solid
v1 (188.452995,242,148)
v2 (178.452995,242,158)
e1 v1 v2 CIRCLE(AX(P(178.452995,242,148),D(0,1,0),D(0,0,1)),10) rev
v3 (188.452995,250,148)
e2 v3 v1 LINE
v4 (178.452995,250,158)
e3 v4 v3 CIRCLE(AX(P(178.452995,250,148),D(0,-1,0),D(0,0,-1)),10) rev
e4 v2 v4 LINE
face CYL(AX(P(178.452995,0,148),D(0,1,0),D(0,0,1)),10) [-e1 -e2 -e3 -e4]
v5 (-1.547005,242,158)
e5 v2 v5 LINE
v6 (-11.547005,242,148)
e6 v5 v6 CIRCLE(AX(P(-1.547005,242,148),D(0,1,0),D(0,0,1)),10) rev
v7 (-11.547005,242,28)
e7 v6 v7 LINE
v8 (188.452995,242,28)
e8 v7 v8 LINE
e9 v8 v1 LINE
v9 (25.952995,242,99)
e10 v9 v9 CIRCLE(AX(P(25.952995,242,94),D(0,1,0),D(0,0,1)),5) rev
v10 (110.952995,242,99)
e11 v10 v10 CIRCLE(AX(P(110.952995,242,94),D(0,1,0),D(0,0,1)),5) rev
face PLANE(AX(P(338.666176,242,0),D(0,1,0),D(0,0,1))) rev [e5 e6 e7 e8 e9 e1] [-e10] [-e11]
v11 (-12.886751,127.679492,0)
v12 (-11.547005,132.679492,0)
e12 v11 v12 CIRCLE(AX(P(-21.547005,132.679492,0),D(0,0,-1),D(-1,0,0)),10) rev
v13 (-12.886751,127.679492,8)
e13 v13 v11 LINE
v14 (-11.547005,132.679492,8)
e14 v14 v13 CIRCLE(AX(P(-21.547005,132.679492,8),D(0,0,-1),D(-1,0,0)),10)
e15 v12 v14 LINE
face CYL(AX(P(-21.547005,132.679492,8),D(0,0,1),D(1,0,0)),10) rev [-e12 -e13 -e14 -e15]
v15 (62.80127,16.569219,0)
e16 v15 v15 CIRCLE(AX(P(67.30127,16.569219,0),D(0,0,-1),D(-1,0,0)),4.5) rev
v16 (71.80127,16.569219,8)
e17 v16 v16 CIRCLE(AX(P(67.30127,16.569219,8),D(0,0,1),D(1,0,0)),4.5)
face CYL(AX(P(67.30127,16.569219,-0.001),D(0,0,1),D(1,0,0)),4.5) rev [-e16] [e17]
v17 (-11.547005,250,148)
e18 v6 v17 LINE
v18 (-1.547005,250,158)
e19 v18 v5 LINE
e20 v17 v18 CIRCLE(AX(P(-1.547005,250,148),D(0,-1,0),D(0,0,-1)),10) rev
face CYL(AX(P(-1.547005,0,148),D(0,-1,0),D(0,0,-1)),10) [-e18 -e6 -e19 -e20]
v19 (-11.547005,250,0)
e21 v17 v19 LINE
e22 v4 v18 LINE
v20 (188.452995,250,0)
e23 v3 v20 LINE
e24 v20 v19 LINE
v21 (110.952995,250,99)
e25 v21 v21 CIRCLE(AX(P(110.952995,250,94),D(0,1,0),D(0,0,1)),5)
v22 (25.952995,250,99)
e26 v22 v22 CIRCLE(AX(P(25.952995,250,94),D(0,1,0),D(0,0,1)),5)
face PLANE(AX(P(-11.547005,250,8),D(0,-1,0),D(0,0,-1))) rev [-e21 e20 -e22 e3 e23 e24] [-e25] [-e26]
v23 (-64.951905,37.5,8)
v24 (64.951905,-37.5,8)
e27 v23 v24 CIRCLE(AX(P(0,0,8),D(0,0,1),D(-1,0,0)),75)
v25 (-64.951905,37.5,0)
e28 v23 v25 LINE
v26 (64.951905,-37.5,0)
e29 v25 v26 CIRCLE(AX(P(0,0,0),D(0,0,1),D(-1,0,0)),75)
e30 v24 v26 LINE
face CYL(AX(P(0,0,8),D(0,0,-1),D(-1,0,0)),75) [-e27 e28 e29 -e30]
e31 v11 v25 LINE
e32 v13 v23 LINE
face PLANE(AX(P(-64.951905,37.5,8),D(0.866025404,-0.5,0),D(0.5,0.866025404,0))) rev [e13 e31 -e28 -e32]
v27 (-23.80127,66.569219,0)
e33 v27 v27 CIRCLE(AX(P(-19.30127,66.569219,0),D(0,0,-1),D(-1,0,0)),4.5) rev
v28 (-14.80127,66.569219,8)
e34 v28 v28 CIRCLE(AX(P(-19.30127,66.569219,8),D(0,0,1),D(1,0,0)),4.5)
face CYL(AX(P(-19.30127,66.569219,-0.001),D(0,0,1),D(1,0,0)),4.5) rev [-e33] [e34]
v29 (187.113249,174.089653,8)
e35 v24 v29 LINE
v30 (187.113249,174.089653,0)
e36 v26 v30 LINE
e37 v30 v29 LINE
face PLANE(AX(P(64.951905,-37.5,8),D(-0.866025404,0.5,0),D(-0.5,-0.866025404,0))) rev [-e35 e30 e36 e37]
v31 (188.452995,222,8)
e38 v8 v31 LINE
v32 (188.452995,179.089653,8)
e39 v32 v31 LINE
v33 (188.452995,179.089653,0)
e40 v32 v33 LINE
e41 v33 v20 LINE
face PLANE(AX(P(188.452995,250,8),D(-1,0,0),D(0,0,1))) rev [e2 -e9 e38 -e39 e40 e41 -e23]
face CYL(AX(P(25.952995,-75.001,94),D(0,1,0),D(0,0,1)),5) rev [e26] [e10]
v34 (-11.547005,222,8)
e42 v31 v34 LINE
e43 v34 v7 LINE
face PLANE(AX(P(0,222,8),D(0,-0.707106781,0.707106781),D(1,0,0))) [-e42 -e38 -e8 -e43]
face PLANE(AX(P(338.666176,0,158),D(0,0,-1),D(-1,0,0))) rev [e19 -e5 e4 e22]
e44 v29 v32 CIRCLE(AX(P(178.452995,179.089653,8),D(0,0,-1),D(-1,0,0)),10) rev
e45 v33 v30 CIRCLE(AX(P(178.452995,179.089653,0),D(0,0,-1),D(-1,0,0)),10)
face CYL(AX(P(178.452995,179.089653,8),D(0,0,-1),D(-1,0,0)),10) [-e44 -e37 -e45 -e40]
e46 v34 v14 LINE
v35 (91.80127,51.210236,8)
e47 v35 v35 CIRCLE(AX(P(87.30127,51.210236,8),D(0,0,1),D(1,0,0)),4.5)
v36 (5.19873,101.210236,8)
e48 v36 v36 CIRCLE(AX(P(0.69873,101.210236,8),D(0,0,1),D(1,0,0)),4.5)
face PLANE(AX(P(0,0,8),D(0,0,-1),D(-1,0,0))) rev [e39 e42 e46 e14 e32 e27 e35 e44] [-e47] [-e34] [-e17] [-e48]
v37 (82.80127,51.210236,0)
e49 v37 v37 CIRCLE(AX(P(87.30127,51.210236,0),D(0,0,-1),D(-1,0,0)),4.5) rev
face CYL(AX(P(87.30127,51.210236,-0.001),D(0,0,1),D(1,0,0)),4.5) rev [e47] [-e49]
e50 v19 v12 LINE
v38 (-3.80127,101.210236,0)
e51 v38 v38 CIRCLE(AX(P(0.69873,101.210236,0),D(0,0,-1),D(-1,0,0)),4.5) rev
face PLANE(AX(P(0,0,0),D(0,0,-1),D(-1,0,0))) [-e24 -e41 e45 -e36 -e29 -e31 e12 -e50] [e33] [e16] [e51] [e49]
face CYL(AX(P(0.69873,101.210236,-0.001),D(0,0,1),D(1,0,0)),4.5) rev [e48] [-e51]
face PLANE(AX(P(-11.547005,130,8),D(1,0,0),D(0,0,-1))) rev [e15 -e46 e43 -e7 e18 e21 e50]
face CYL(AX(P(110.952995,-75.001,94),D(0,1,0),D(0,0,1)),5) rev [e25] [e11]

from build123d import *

# Parameters (mm, degrees)
BOSS_EXTRUDE1_DEPTH = 8
SKETCH4_W           = 150
SKETCH4_H           = 8
BOSS_EXTRUDE2_DEPTH = 200
CHAMFER1_SIZE       = 20
CUT_EXTRUDE1_REACH  = 327
SKETCH5_R           = 5
CUT_EXTRUDE2_REACH  = 10
SKETCH6_R           = 4.5
FILLET1_R           = 10


with BuildPart() as part:
    # Sketch1 → Boss-Extrude1 (new body)
    with BuildSketch(Plane.XY):
        with BuildLine():
            Line((-64.951905284, 37.5), (-11.547005384, 130))
            Line((-11.547005384, 130), (-11.547005384, 250))
            Line((-11.547005384, 250), (188.452994616, 250))
            Line((188.452994616, 250), (188.452994616, 176.410161514))
            Line((188.452994616, 176.410161514), (64.951905284, -37.5))
            ThreePointArc((64.951905284, -37.5), (-37.5, -64.951905284), (-64.951905284, 37.5))
        make_face()
    extrude(amount=BOSS_EXTRUDE1_DEPTH)

    # Sketch4 → Boss-Extrude2 (add)
    with BuildSketch(Plane.ZY.offset(11.547005384)):
        with Locations((83, 246)):
            Rectangle(SKETCH4_W, SKETCH4_H)
    extrude(amount=-BOSS_EXTRUDE2_DEPTH)

    # Chamfer1
    chamfer1_edges = [part.edges().sort_by_distance(p)[0] for p in [
        (88.452994616, 242, 8),
    ]]
    chamfer(chamfer1_edges, length=CHAMFER1_SIZE)

    # Sketch5 → Cut-Extrude1 (cut, up to next)
    with BuildSketch(Plane(origin=(0, 250, 0), x_dir=(1, 0, 0), z_dir=(0, 1, 0)), mode=Mode.PRIVATE) as cut_extrude1_sk1:
        with Locations((25.952994616, -94)):
            Circle(SKETCH5_R)
    cut_extrude1_tool1 = extrude(cut_extrude1_sk1.sketch, amount=-CUT_EXTRUDE1_REACH, mode=Mode.PRIVATE) & part.part
    add(cut_extrude1_tool1.solids().sort_by_distance((25.952995, 250, 94))[0], mode=Mode.SUBTRACT)
    # Sketch5 → Cut-Extrude1 (cut, up to next)
    with BuildSketch(Plane(origin=(0, 250, 0), x_dir=(1, 0, 0), z_dir=(0, 1, 0)), mode=Mode.PRIVATE) as cut_extrude1_sk2:
        with Locations((110.952994616, -94)):
            Circle(SKETCH5_R)
    cut_extrude1_tool2 = extrude(cut_extrude1_sk2.sketch, amount=-CUT_EXTRUDE1_REACH, mode=Mode.PRIVATE) & part.part
    add(cut_extrude1_tool2.solids().sort_by_distance((110.952995, 250, 94))[0], mode=Mode.SUBTRACT)

    # Sketch6 → Cut-Extrude2 (cut, up to next)
    with BuildSketch(Plane.XY.offset(8), mode=Mode.PRIVATE) as cut_extrude2_sk1:
        with Locations((0.698729811, 101.210235533)):
            Circle(SKETCH6_R)
    cut_extrude2_tool1 = extrude(cut_extrude2_sk1.sketch, amount=-CUT_EXTRUDE2_REACH, mode=Mode.PRIVATE) & part.part
    add(cut_extrude2_tool1.solids().sort_by_distance((0.69873, 101.210236, 8))[0], mode=Mode.SUBTRACT)
    # Sketch6 → Cut-Extrude2 (cut, up to next)
    with BuildSketch(Plane.XY.offset(8), mode=Mode.PRIVATE) as cut_extrude2_sk2:
        with Locations((87.301270189, 51.210235533)):
            Circle(SKETCH6_R)
    cut_extrude2_tool2 = extrude(cut_extrude2_sk2.sketch, amount=-CUT_EXTRUDE2_REACH, mode=Mode.PRIVATE) & part.part
    add(cut_extrude2_tool2.solids().sort_by_distance((87.30127, 51.210236, 8))[0], mode=Mode.SUBTRACT)
    # Sketch6 → Cut-Extrude2 (cut, up to next)
    with BuildSketch(Plane.XY.offset(8), mode=Mode.PRIVATE) as cut_extrude2_sk3:
        with Locations((67.301270189, 16.569219382)):
            Circle(SKETCH6_R)
    cut_extrude2_tool3 = extrude(cut_extrude2_sk3.sketch, amount=-CUT_EXTRUDE2_REACH, mode=Mode.PRIVATE) & part.part
    add(cut_extrude2_tool3.solids().sort_by_distance((67.30127, 16.569219, 8))[0], mode=Mode.SUBTRACT)
    # Sketch6 → Cut-Extrude2 (cut, up to next)
    with BuildSketch(Plane.XY.offset(8), mode=Mode.PRIVATE) as cut_extrude2_sk4:
        with Locations((-19.301270189, 66.569219382)):
            Circle(SKETCH6_R)
    cut_extrude2_tool4 = extrude(cut_extrude2_sk4.sketch, amount=-CUT_EXTRUDE2_REACH, mode=Mode.PRIVATE) & part.part
    add(cut_extrude2_tool4.solids().sort_by_distance((-19.30127, 66.569219, 8))[0], mode=Mode.SUBTRACT)

    # Fillet1
    fillet1_edges = [part.edges().sort_by_distance(p)[0] for p in [
        (-11.547005384, 130, 4),
        (188.452994616, 176.410161514, 4),
        (188.452994616, 246, 158),
        (-11.547005384, 246, 158),
    ]]
    fillet(fillet1_edges, radius=FILLET1_R)


solid = part.part
